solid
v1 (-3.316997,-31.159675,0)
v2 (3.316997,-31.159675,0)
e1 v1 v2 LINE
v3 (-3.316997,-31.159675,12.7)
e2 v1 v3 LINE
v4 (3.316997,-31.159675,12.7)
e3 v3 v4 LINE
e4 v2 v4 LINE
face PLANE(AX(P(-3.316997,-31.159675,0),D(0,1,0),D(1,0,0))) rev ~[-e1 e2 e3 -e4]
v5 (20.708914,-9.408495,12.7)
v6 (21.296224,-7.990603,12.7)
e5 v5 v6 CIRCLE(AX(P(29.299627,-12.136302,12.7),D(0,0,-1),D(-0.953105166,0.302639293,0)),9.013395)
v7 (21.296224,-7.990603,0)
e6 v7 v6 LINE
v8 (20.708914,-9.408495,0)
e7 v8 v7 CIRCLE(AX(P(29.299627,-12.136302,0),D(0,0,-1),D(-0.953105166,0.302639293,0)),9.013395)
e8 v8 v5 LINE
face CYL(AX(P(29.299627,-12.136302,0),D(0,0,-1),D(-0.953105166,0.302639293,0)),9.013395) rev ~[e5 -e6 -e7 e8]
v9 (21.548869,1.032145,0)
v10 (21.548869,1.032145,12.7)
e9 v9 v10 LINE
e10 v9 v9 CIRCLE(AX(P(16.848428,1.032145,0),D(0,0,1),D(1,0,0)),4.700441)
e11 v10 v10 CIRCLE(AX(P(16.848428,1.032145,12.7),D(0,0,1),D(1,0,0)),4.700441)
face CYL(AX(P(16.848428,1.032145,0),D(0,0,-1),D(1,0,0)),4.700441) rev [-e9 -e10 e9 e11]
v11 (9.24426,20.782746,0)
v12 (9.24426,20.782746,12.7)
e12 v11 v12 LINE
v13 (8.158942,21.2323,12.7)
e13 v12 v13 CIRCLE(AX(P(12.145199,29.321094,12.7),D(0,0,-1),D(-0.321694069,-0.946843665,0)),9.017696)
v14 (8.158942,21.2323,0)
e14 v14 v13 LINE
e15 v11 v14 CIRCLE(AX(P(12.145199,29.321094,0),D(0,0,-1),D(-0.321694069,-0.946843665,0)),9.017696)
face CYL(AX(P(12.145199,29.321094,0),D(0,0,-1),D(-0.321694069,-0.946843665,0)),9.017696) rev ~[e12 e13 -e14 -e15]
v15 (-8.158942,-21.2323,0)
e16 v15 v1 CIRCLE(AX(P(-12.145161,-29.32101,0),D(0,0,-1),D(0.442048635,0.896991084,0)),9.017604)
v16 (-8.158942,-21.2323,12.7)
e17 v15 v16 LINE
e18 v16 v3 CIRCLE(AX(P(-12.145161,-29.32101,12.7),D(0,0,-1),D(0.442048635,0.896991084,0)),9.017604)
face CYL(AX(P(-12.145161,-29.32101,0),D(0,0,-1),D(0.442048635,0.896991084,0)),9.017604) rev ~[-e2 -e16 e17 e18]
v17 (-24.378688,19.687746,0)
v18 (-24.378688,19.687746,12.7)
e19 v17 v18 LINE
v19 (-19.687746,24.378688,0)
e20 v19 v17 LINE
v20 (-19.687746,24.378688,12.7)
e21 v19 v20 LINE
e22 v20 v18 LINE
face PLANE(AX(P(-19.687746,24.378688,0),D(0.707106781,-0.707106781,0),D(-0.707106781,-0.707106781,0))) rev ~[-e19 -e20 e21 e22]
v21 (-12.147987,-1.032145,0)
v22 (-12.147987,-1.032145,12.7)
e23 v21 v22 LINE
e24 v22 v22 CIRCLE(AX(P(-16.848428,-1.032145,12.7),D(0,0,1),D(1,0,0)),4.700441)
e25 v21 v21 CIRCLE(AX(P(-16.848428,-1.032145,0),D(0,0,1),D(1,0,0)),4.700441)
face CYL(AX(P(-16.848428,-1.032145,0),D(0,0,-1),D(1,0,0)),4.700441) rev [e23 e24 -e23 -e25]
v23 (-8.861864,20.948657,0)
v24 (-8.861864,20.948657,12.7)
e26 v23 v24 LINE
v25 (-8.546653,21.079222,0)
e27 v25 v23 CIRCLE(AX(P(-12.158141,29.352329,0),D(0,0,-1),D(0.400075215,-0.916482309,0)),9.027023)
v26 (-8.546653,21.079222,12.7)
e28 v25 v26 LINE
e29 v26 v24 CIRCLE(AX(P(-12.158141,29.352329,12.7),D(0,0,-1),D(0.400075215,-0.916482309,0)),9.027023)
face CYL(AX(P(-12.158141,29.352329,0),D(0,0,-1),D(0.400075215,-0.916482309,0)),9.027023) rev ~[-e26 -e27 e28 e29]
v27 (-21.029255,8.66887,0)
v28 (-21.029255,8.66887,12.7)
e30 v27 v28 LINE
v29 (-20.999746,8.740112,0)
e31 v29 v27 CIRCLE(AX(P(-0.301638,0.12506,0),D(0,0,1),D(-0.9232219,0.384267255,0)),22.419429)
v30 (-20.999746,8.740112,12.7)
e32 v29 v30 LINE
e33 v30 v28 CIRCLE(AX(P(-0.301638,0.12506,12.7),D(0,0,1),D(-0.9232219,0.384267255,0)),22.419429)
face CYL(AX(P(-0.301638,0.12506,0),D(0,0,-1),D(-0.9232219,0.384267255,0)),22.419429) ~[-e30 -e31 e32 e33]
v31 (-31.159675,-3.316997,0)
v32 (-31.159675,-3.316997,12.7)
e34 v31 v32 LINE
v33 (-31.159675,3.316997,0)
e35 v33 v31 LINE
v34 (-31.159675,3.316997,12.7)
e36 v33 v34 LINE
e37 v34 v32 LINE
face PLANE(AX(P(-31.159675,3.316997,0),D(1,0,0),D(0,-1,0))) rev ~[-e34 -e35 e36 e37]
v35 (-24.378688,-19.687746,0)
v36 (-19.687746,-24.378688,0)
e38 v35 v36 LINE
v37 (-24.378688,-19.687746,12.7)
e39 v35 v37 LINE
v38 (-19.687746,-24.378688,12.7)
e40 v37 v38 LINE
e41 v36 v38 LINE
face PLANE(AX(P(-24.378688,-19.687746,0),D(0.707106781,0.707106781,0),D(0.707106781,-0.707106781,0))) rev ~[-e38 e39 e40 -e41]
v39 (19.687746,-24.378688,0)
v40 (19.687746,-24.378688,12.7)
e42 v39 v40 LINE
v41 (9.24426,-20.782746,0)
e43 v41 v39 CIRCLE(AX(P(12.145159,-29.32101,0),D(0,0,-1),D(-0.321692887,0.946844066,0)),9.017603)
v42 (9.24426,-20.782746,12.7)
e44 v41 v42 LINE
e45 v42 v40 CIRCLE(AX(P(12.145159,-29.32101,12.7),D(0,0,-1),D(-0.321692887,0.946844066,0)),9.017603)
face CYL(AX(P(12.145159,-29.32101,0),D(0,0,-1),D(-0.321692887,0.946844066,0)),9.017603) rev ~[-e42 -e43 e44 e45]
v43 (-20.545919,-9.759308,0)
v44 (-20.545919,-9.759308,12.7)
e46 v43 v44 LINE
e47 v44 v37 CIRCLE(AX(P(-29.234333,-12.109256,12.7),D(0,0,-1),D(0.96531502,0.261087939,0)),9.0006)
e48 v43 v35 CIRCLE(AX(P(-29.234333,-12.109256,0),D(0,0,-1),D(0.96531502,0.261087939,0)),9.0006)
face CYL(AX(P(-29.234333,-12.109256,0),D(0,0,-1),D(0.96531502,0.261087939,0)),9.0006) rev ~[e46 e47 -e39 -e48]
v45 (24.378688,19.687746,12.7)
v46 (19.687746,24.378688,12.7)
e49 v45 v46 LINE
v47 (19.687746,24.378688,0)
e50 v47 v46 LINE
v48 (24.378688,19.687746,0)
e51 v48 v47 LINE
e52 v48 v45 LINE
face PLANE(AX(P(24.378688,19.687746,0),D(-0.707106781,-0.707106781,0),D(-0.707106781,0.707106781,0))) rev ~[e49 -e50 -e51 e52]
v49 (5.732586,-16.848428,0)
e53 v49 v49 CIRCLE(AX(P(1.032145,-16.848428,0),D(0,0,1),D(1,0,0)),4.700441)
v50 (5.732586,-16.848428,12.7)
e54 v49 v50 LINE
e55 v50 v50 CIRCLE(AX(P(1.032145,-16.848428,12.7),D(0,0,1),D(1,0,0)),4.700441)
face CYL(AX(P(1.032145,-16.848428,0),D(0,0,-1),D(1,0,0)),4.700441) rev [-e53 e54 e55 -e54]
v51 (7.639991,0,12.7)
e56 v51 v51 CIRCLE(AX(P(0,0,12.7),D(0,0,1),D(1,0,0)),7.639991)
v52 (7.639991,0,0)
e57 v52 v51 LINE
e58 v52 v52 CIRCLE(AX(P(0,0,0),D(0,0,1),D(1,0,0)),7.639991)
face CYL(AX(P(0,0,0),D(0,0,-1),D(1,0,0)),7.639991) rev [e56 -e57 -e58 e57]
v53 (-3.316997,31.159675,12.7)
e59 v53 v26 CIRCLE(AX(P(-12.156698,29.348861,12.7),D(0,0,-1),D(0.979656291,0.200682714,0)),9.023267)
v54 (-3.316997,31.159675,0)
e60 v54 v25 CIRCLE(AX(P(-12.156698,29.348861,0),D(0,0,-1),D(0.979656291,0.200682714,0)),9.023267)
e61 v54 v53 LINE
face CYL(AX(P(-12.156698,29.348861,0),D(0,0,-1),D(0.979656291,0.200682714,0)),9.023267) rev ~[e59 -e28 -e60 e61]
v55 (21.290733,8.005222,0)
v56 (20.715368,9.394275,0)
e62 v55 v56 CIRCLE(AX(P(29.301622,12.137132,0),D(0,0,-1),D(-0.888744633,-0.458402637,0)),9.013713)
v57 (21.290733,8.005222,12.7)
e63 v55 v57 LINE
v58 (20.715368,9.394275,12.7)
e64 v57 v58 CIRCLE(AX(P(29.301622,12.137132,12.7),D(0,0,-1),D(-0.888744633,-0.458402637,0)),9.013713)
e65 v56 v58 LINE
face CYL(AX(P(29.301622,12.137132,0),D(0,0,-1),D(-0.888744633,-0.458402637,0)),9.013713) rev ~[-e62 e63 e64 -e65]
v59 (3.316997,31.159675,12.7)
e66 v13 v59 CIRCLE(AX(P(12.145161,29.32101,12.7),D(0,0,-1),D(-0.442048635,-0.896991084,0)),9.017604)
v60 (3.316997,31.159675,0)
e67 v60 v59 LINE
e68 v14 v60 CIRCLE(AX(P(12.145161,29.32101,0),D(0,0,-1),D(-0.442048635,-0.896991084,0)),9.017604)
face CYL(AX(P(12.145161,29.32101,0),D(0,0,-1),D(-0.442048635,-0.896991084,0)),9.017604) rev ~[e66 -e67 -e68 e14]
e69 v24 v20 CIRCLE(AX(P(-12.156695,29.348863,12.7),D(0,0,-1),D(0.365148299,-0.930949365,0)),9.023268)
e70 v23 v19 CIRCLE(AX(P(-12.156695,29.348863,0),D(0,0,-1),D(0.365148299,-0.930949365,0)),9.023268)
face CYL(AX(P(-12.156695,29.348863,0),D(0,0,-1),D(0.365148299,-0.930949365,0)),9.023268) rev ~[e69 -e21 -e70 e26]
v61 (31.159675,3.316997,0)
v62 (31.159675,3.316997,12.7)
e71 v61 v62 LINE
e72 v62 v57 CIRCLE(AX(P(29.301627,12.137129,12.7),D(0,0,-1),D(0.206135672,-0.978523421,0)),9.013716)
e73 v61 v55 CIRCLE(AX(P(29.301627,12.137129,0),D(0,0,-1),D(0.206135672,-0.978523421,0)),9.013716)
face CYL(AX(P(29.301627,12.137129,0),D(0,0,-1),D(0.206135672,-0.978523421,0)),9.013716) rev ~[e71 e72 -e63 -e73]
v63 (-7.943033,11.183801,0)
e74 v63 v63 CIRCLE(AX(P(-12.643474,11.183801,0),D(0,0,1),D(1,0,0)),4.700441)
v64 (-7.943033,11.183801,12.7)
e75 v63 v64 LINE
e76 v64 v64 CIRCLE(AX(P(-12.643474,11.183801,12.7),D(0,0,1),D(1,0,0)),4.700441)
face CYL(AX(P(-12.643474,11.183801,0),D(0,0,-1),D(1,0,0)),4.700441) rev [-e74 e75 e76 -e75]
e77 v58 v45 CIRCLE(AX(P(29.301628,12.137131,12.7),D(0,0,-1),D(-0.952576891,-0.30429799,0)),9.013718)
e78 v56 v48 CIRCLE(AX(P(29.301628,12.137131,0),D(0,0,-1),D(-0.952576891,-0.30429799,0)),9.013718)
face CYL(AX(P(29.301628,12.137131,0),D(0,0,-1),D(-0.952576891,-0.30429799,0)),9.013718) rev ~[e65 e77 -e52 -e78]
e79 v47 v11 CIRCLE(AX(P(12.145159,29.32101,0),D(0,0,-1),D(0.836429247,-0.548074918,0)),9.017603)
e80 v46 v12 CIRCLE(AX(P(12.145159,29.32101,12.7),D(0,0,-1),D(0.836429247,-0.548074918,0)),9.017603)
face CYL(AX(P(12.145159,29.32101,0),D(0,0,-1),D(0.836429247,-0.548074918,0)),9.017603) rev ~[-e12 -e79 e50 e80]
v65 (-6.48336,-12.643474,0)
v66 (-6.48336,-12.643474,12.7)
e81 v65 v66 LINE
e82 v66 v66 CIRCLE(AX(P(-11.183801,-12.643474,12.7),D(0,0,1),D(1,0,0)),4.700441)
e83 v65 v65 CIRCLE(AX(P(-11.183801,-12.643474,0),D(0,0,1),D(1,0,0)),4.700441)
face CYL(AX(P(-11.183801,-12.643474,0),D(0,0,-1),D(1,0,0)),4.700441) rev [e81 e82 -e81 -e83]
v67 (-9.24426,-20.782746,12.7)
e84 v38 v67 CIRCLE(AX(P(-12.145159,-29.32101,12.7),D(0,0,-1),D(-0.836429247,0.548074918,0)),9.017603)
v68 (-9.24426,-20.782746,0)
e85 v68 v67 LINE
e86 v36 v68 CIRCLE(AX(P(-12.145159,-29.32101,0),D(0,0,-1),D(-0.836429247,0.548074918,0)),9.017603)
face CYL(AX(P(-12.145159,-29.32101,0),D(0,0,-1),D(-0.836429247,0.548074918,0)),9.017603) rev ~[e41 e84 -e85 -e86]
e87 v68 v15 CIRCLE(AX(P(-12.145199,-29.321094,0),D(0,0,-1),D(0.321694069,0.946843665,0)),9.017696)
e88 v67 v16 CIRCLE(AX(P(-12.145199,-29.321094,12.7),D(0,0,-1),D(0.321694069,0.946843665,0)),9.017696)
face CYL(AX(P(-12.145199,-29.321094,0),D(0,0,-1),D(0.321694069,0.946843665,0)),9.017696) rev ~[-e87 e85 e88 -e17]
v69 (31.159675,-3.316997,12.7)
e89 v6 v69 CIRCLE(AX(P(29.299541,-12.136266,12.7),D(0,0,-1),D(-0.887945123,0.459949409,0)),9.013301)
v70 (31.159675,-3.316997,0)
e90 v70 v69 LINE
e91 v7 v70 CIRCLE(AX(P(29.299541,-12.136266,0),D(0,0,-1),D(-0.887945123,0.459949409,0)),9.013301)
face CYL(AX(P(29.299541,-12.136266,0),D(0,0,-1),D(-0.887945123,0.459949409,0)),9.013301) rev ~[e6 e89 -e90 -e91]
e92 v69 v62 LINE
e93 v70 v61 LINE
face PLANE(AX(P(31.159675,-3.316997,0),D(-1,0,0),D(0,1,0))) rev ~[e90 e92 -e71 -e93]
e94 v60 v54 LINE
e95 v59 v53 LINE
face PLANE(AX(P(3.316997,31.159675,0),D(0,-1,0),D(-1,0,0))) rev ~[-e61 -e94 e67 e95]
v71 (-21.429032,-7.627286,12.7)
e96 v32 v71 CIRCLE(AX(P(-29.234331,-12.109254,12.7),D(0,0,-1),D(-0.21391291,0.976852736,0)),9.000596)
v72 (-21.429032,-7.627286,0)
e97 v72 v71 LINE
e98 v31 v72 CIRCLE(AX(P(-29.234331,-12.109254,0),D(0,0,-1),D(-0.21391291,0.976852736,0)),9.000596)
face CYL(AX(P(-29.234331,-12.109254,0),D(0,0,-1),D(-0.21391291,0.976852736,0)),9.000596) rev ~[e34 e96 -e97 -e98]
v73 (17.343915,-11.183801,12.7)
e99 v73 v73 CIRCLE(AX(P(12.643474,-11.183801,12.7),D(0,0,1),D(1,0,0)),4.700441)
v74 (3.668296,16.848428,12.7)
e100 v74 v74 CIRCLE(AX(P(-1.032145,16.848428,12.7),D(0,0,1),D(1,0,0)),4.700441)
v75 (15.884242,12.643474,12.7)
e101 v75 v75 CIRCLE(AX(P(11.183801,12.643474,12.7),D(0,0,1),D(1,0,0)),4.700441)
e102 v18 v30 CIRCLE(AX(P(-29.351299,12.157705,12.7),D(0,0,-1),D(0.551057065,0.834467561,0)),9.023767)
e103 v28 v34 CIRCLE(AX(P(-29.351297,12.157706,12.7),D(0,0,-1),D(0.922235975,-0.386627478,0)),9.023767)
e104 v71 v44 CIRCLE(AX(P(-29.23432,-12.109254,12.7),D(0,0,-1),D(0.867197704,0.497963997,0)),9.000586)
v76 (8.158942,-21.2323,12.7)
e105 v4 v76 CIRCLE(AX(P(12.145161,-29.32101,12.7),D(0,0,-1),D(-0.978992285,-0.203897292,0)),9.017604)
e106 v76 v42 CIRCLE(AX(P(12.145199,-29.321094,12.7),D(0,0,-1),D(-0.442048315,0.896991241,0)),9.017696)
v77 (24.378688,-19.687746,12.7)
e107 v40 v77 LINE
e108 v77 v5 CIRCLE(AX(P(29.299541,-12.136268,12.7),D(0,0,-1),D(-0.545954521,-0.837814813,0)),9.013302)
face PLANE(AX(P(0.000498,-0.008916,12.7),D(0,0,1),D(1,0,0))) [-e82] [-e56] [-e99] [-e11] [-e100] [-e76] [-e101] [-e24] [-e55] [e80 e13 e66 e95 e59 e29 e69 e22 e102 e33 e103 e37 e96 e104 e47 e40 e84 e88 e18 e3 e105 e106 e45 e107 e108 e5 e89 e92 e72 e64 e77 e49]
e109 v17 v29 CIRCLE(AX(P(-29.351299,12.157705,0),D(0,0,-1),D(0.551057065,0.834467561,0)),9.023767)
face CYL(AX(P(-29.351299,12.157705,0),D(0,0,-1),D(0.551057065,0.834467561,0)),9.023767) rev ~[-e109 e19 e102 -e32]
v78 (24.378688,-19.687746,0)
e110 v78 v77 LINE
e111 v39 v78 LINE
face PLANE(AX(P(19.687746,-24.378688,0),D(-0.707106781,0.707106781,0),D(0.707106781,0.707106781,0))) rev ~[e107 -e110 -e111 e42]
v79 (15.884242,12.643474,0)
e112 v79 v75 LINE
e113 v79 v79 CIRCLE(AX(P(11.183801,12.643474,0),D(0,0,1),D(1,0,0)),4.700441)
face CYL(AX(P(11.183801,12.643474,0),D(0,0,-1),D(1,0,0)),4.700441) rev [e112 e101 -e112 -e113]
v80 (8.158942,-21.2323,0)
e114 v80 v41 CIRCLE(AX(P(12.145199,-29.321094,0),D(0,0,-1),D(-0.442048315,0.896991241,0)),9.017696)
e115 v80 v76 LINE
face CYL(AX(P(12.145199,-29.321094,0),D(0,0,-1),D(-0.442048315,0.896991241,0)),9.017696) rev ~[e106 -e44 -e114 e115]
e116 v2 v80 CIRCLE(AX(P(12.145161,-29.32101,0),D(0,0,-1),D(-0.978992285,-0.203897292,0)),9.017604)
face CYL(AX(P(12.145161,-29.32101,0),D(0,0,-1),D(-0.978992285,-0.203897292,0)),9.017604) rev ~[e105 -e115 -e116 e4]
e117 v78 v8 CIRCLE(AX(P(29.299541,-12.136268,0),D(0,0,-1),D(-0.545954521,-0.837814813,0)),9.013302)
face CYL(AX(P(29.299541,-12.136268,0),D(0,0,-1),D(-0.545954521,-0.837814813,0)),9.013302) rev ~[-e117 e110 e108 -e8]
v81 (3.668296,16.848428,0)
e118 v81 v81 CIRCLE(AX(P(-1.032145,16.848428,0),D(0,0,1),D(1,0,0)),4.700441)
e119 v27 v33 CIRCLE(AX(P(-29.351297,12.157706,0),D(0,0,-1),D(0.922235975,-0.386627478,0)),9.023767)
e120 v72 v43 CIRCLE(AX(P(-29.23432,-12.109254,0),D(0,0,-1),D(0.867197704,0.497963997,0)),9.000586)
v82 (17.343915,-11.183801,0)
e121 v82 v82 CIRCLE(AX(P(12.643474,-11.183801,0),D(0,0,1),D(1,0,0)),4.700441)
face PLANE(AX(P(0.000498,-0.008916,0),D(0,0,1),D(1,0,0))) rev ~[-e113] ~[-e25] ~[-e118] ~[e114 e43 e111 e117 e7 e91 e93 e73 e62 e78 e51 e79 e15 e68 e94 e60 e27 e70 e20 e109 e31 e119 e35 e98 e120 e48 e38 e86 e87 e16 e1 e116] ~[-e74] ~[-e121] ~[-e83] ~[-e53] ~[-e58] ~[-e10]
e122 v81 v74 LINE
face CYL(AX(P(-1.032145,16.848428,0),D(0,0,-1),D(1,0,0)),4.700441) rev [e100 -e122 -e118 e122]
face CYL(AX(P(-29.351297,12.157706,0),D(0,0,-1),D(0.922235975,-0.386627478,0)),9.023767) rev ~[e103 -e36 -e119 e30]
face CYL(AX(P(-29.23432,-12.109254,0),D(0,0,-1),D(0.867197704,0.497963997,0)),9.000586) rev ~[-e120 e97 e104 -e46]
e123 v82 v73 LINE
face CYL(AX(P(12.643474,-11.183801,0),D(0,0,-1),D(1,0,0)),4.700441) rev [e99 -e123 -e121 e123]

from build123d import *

# Parameters (mm, degrees)
F0_R     = 4.700441
F0_R_2   = 7.639991
F1_DEPTH = 12.7


with BuildPart() as f1:
    # F0 (on Top) → F1 (new body)
    with BuildSketch(Plane.XY):
        with BuildLine():
            ThreePointArc((-31.159675, -3.316997), (-25.589044, -3.879879), (-21.429032, -7.627286))
            ThreePointArc((-21.429032, -7.627286), (-20.918863, -8.664877), (-20.545919, -9.759308))
            ThreePointArc((-20.545919, -9.759308), (-20.837676, -15.350698), (-24.378688, -19.687746))
            Line((-24.378688, -19.687746), (-19.687746, -24.378688))
            ThreePointArc((-19.687746, -24.378688), (-15.080975, -20.794689), (-9.24426, -20.782746))
            ThreePointArc((-9.24426, -20.782746), (-8.694273, -20.989831), (-8.158942, -21.2323))
            ThreePointArc((-8.158942, -21.2323), (-4.040206, -25.367926), (-3.316997, -31.159675))
            Line((-3.316997, -31.159675), (3.316997, -31.159675))
            ThreePointArc((3.316997, -31.159675), (4.040206, -25.367926), (8.158942, -21.2323))
            ThreePointArc((8.158942, -21.2323), (8.694273, -20.989831), (9.24426, -20.782746))
            ThreePointArc((9.24426, -20.782746), (15.080975, -20.794689), (19.687746, -24.378688))
            Line((19.687746, -24.378688), (24.378688, -19.687746))
            ThreePointArc((24.378688, -19.687746), (20.810974, -15.166754), (20.708914, -9.408495))
            ThreePointArc((20.708914, -9.408495), (20.972336, -8.687026), (21.296224, -7.990603))
            ThreePointArc((21.296224, -7.990603), (25.440095, -3.991066), (31.159675, -3.316997))
            Line((31.159675, -3.316997), (31.159675, 3.316997))
            ThreePointArc((31.159675, 3.316997), (25.433909, 3.995395), (21.290733, 8.005222))
            ThreePointArc((21.290733, 8.005222), (20.974038, 8.687731), (20.715368, 9.394275))
            ThreePointArc((20.715368, 9.394275), (20.809661, 15.159319), (24.378688, 19.687746))
            Line((24.378688, 19.687746), (19.687746, 24.378688))
            ThreePointArc((19.687746, 24.378688), (15.080975, 20.794689), (9.24426, 20.782746))
            ThreePointArc((9.24426, 20.782746), (8.694273, 20.989831), (8.158942, 21.2323))
            ThreePointArc((8.158942, 21.2323), (4.040206, 25.367926), (3.316997, 31.159675))
            Line((3.316997, 31.159675), (0, 31.159675))
            Line((0, 31.159675), (-3.316997, 31.159675))
            ThreePointArc((-3.316997, 31.159675), (-4.147146, 25.193571), (-8.546653, 21.079222))
            ThreePointArc((-8.546653, 21.079222), (-8.703642, 21.01245), (-8.861864, 20.948657))
            ThreePointArc((-8.861864, 20.948657), (-14.88207, 20.74702), (-19.687746, 24.378688))
            Line((-19.687746, 24.378688), (-24.378688, 19.687746))
            ThreePointArc((-24.378688, 19.687746), (-20.728886, 14.818978), (-20.999746, 8.740112))
            ThreePointArc((-20.999746, 8.740112), (-21.014531, 8.704504), (-21.029255, 8.66887))
            ThreePointArc((-21.029255, 8.66887), (-25.136135, 4.178936), (-31.159675, 3.316997))
            Line((-31.159675, 3.316997), (-31.159675, -3.316997))
        make_face()
        with Locations((-16.848428, -1.032145)):
            Circle(F0_R, mode=Mode.SUBTRACT)
        with Locations((-11.183801, -12.643474)):
            Circle(F0_R, mode=Mode.SUBTRACT)
        Circle(F0_R_2, mode=Mode.SUBTRACT)
        with Locations((1.032145, -16.848428)):
            Circle(F0_R, mode=Mode.SUBTRACT)
        with Locations((12.643474, -11.183801)):
            Circle(F0_R, mode=Mode.SUBTRACT)
        with Locations((-12.643474, 11.183801)):
            Circle(F0_R, mode=Mode.SUBTRACT)
        with Locations((-1.032145, 16.848428)):
            Circle(F0_R, mode=Mode.SUBTRACT)
        with Locations((11.183801, 12.643474)):
            Circle(F0_R, mode=Mode.SUBTRACT)
        with Locations((16.848428, 1.032145)):
            Circle(F0_R, mode=Mode.SUBTRACT)
    extrude(amount=F1_DEPTH)


solid = f1.part
